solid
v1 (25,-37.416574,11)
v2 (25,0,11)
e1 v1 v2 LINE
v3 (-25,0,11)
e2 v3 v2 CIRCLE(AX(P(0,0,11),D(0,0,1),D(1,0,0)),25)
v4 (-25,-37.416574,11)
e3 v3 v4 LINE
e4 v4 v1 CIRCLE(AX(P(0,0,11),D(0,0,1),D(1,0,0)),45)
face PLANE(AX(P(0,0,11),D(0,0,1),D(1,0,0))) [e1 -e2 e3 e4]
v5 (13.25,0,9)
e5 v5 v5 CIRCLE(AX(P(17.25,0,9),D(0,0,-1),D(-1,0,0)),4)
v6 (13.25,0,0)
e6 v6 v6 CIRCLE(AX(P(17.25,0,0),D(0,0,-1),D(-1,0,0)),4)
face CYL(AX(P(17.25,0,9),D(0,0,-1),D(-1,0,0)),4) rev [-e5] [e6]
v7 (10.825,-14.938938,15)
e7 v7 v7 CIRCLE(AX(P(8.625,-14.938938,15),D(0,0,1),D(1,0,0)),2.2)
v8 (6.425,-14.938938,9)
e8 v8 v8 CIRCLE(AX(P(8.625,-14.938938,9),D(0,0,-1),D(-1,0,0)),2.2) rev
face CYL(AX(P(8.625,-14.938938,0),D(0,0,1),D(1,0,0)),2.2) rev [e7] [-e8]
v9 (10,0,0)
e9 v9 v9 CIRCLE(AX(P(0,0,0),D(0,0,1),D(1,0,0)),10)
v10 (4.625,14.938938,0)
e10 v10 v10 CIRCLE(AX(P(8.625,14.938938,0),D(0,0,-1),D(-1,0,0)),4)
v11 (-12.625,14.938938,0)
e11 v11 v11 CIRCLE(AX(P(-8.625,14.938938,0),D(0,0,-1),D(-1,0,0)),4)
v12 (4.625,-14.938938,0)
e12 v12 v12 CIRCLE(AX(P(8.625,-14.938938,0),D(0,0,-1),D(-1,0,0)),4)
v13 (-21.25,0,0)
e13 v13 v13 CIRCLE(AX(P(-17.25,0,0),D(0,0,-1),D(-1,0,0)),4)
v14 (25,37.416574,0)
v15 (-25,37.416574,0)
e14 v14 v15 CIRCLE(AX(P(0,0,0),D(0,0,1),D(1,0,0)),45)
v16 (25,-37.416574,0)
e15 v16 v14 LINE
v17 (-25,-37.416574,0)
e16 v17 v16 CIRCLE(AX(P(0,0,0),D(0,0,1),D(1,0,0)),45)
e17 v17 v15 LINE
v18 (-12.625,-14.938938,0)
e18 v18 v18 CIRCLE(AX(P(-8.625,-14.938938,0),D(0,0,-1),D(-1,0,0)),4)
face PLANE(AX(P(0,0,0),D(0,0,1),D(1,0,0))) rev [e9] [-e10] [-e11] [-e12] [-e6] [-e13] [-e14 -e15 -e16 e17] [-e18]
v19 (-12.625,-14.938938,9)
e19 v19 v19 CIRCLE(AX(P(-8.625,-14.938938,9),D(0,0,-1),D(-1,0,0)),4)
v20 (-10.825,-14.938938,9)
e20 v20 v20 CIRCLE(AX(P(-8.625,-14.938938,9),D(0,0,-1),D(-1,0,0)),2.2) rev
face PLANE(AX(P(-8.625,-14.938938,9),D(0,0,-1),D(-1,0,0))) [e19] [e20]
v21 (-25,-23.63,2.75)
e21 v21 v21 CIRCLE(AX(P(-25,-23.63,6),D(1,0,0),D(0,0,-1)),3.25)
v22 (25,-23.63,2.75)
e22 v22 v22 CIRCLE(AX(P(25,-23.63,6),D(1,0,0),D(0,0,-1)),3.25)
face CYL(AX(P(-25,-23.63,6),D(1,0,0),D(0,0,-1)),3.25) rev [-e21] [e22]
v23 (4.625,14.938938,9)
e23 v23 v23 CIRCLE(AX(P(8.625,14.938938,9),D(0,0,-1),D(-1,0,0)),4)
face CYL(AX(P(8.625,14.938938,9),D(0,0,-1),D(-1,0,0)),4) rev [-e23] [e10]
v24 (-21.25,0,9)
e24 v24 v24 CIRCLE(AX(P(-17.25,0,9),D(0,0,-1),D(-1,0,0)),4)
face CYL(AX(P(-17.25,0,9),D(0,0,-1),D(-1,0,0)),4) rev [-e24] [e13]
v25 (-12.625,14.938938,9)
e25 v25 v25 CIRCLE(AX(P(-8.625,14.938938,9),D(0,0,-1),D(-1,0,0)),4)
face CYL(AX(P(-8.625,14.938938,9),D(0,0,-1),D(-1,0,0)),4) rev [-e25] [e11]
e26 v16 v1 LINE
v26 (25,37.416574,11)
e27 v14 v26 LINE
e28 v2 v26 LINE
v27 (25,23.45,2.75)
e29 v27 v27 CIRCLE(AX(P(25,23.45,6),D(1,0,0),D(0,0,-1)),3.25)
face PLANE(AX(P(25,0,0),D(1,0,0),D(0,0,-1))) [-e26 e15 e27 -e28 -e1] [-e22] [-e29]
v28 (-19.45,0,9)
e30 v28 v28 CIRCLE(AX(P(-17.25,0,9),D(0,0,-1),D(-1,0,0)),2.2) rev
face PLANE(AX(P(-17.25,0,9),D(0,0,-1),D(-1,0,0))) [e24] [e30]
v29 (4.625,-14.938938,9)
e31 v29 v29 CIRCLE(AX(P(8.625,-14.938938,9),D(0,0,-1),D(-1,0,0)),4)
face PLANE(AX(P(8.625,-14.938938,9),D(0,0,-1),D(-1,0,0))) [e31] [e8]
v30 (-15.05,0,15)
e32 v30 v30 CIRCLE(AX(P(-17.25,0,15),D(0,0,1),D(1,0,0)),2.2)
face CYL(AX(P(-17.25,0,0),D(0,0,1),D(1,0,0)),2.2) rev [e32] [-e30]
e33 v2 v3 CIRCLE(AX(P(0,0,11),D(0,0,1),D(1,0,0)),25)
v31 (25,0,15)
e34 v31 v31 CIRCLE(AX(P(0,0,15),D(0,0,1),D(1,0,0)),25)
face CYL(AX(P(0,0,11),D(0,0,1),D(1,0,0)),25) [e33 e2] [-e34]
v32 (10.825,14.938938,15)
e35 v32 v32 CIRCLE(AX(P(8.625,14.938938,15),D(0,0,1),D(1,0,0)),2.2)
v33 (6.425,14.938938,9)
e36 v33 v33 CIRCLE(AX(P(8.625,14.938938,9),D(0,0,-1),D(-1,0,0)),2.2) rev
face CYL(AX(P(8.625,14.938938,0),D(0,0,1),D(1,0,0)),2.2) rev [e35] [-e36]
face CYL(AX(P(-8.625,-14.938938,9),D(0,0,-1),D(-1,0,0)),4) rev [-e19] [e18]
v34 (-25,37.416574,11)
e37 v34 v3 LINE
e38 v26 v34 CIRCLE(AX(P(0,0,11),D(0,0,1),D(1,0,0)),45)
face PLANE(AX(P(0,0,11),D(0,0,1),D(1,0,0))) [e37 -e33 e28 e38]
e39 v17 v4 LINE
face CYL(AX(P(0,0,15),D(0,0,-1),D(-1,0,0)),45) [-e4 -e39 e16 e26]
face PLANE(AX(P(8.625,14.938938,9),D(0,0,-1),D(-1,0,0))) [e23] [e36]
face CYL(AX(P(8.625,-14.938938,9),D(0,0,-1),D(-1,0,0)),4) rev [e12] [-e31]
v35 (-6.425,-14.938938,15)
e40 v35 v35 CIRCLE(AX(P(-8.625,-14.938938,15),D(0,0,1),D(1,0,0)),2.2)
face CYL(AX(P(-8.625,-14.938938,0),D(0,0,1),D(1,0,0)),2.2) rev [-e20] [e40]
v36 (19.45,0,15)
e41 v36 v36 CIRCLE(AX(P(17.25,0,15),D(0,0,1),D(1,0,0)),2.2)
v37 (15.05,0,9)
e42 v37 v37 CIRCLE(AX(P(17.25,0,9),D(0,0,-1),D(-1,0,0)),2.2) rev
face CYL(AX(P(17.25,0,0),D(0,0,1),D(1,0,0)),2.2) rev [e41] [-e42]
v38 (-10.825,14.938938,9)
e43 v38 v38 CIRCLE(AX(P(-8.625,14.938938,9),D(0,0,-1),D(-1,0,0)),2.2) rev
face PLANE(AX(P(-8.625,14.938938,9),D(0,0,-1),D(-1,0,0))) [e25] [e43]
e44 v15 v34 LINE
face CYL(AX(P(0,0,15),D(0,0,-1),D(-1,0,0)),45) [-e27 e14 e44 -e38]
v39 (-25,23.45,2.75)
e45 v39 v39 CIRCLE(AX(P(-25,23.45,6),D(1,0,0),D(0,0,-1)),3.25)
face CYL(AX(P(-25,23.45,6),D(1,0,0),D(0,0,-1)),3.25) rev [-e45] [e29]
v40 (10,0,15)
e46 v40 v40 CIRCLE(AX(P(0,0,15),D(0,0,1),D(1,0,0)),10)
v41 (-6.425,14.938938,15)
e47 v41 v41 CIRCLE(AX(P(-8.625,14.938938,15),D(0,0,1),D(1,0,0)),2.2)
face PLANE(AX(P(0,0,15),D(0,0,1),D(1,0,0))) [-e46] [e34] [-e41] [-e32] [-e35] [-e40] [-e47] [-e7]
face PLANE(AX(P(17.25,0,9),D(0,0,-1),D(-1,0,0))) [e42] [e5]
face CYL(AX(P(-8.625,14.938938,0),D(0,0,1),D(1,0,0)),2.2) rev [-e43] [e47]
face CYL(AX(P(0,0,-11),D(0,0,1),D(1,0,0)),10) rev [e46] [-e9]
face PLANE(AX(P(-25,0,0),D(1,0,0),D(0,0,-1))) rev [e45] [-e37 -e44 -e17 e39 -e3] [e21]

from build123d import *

# Parameters (mm, degrees)
SKETCH_1_R           = 45
EXTRUDE_1_DEPTH      = 15
SKETCH_6_R           = 10
CUT_EXTRUDE_5_DEPTH  = 26
SKETCH_7_R           = 2.2
CUT_EXTRUDE_6_DEPTH  = 66.383484153
CUT_EXTRUDE_7_DEPTH  = 66.383484153
SKETCH_9_R           = 3.25
CUT_EXTRUDE_8_DEPTH  = 69.92024376
SKETCH_11_R          = 4
CUT_EXTRUDE_9_DEPTH  = 9
CUT_EXTRUDE_START    = -4
CUT_EXTRUDE_10_DEPTH = 4


with BuildPart() as part:
    # 草图1 → 凸台-拉伸1 (new body)
    with BuildSketch(Plane.XY):
        Circle(SKETCH_1_R)
    extrude(amount=EXTRUDE_1_DEPTH)

    # 草图6 → 切除-拉伸5 (cut)
    with BuildSketch(Plane.XY.offset(15)):
        Circle(SKETCH_6_R)
    extrude(amount=-CUT_EXTRUDE_5_DEPTH, mode=Mode.SUBTRACT)

    # 草图7 → 切除-拉伸6 (cut, through all)
    with BuildSketch(Plane.XY.offset(15)):
        with Locations((17.25, 0)):
            Circle(SKETCH_7_R)
        with Locations((8.625, -14.938938215)):
            Circle(SKETCH_7_R)
        with Locations((-8.625, -14.938938215)):
            Circle(SKETCH_7_R)
        with Locations((-17.25, 0)):
            Circle(SKETCH_7_R)
        with Locations((-8.625, 14.938938215)):
            Circle(SKETCH_7_R)
        with Locations((8.625, 14.938938215)):
            Circle(SKETCH_7_R)
    extrude(amount=-CUT_EXTRUDE_6_DEPTH, mode=Mode.SUBTRACT)

    # 草图8 → 切除-拉伸7 (cut, through all)
    with BuildSketch(Plane.XY.offset(15)):
        with BuildLine():
            ThreePointArc((-25, 37.416573868), (-45, 0), (-25, -37.416573868))
            Line((-25, -37.416573868), (-25, 37.416573868))
        make_face()
        with BuildLine():
            Line((25, 37.416573868), (25, -37.416573868))
            ThreePointArc((25, -37.416573868), (39.686269666, -21.213203436), (45, 0))
            ThreePointArc((45, 0), (39.686269666, 21.213203436), (25, 37.416573868))
        make_face()
    extrude(amount=-CUT_EXTRUDE_7_DEPTH, mode=Mode.SUBTRACT)

    # 草图9 → 切除-拉伸8 (cut, through all)
    with BuildSketch(Plane(origin=(25, 0, 0), x_dir=(0, 0, -1), z_dir=(1, 0, 0))):
        with Locations((-6, 23.45)):
            Circle(SKETCH_9_R)
        with Locations((-6, -23.63)):
            Circle(SKETCH_9_R)
    extrude(amount=-CUT_EXTRUDE_8_DEPTH, mode=Mode.SUBTRACT)

    # 草图11 → 切除-拉伸9 (cut)
    with BuildSketch(Plane(origin=(0, 0, 0), x_dir=(-1, 0, 0), z_dir=(0, 0, -1))):
        with Locations((-8.625, 14.938938215)):
            Circle(SKETCH_11_R)
        with Locations((-17.25, 0)):
            Circle(SKETCH_11_R)
        with Locations((-8.625, -14.938938215)):
            Circle(SKETCH_11_R)
        with Locations((8.625, 14.938938215)):
            Circle(SKETCH_11_R)
        with Locations((8.625, -14.938938215)):
            Circle(SKETCH_11_R)
        with Locations((17.25, 0)):
            Circle(SKETCH_11_R)
    extrude(amount=-CUT_EXTRUDE_9_DEPTH, mode=Mode.SUBTRACT)

    # 草图13 → 切除-拉伸10 (cut)
    with BuildSketch(Plane.XY.offset(15).offset(CUT_EXTRUDE_START)):
        with BuildLine():
            ThreePointArc((25, 37.416573868), (0, 45), (-25, 37.416573868))
            Line((-25, 37.416573868), (-25, 2.6e-08))
            ThreePointArc((-25, 2.6e-08), (1.3e-08, 25), (25, 0))
            Line((25, 0), (25, 37.416573868))
        make_face()
        with BuildLine():
            ThreePointArc((25, 0), (-1.3e-08, -25), (-25, 2.6e-08))
            Line((-25, 2.6e-08), (-25, -37.416573868))
            ThreePointArc((-25, -37.416573868), (0, -45), (25, -37.416573868))
            Line((25, -37.416573868), (25, 0))
        make_face()
    extrude(amount=CUT_EXTRUDE_10_DEPTH, mode=Mode.SUBTRACT)


solid = part.part
